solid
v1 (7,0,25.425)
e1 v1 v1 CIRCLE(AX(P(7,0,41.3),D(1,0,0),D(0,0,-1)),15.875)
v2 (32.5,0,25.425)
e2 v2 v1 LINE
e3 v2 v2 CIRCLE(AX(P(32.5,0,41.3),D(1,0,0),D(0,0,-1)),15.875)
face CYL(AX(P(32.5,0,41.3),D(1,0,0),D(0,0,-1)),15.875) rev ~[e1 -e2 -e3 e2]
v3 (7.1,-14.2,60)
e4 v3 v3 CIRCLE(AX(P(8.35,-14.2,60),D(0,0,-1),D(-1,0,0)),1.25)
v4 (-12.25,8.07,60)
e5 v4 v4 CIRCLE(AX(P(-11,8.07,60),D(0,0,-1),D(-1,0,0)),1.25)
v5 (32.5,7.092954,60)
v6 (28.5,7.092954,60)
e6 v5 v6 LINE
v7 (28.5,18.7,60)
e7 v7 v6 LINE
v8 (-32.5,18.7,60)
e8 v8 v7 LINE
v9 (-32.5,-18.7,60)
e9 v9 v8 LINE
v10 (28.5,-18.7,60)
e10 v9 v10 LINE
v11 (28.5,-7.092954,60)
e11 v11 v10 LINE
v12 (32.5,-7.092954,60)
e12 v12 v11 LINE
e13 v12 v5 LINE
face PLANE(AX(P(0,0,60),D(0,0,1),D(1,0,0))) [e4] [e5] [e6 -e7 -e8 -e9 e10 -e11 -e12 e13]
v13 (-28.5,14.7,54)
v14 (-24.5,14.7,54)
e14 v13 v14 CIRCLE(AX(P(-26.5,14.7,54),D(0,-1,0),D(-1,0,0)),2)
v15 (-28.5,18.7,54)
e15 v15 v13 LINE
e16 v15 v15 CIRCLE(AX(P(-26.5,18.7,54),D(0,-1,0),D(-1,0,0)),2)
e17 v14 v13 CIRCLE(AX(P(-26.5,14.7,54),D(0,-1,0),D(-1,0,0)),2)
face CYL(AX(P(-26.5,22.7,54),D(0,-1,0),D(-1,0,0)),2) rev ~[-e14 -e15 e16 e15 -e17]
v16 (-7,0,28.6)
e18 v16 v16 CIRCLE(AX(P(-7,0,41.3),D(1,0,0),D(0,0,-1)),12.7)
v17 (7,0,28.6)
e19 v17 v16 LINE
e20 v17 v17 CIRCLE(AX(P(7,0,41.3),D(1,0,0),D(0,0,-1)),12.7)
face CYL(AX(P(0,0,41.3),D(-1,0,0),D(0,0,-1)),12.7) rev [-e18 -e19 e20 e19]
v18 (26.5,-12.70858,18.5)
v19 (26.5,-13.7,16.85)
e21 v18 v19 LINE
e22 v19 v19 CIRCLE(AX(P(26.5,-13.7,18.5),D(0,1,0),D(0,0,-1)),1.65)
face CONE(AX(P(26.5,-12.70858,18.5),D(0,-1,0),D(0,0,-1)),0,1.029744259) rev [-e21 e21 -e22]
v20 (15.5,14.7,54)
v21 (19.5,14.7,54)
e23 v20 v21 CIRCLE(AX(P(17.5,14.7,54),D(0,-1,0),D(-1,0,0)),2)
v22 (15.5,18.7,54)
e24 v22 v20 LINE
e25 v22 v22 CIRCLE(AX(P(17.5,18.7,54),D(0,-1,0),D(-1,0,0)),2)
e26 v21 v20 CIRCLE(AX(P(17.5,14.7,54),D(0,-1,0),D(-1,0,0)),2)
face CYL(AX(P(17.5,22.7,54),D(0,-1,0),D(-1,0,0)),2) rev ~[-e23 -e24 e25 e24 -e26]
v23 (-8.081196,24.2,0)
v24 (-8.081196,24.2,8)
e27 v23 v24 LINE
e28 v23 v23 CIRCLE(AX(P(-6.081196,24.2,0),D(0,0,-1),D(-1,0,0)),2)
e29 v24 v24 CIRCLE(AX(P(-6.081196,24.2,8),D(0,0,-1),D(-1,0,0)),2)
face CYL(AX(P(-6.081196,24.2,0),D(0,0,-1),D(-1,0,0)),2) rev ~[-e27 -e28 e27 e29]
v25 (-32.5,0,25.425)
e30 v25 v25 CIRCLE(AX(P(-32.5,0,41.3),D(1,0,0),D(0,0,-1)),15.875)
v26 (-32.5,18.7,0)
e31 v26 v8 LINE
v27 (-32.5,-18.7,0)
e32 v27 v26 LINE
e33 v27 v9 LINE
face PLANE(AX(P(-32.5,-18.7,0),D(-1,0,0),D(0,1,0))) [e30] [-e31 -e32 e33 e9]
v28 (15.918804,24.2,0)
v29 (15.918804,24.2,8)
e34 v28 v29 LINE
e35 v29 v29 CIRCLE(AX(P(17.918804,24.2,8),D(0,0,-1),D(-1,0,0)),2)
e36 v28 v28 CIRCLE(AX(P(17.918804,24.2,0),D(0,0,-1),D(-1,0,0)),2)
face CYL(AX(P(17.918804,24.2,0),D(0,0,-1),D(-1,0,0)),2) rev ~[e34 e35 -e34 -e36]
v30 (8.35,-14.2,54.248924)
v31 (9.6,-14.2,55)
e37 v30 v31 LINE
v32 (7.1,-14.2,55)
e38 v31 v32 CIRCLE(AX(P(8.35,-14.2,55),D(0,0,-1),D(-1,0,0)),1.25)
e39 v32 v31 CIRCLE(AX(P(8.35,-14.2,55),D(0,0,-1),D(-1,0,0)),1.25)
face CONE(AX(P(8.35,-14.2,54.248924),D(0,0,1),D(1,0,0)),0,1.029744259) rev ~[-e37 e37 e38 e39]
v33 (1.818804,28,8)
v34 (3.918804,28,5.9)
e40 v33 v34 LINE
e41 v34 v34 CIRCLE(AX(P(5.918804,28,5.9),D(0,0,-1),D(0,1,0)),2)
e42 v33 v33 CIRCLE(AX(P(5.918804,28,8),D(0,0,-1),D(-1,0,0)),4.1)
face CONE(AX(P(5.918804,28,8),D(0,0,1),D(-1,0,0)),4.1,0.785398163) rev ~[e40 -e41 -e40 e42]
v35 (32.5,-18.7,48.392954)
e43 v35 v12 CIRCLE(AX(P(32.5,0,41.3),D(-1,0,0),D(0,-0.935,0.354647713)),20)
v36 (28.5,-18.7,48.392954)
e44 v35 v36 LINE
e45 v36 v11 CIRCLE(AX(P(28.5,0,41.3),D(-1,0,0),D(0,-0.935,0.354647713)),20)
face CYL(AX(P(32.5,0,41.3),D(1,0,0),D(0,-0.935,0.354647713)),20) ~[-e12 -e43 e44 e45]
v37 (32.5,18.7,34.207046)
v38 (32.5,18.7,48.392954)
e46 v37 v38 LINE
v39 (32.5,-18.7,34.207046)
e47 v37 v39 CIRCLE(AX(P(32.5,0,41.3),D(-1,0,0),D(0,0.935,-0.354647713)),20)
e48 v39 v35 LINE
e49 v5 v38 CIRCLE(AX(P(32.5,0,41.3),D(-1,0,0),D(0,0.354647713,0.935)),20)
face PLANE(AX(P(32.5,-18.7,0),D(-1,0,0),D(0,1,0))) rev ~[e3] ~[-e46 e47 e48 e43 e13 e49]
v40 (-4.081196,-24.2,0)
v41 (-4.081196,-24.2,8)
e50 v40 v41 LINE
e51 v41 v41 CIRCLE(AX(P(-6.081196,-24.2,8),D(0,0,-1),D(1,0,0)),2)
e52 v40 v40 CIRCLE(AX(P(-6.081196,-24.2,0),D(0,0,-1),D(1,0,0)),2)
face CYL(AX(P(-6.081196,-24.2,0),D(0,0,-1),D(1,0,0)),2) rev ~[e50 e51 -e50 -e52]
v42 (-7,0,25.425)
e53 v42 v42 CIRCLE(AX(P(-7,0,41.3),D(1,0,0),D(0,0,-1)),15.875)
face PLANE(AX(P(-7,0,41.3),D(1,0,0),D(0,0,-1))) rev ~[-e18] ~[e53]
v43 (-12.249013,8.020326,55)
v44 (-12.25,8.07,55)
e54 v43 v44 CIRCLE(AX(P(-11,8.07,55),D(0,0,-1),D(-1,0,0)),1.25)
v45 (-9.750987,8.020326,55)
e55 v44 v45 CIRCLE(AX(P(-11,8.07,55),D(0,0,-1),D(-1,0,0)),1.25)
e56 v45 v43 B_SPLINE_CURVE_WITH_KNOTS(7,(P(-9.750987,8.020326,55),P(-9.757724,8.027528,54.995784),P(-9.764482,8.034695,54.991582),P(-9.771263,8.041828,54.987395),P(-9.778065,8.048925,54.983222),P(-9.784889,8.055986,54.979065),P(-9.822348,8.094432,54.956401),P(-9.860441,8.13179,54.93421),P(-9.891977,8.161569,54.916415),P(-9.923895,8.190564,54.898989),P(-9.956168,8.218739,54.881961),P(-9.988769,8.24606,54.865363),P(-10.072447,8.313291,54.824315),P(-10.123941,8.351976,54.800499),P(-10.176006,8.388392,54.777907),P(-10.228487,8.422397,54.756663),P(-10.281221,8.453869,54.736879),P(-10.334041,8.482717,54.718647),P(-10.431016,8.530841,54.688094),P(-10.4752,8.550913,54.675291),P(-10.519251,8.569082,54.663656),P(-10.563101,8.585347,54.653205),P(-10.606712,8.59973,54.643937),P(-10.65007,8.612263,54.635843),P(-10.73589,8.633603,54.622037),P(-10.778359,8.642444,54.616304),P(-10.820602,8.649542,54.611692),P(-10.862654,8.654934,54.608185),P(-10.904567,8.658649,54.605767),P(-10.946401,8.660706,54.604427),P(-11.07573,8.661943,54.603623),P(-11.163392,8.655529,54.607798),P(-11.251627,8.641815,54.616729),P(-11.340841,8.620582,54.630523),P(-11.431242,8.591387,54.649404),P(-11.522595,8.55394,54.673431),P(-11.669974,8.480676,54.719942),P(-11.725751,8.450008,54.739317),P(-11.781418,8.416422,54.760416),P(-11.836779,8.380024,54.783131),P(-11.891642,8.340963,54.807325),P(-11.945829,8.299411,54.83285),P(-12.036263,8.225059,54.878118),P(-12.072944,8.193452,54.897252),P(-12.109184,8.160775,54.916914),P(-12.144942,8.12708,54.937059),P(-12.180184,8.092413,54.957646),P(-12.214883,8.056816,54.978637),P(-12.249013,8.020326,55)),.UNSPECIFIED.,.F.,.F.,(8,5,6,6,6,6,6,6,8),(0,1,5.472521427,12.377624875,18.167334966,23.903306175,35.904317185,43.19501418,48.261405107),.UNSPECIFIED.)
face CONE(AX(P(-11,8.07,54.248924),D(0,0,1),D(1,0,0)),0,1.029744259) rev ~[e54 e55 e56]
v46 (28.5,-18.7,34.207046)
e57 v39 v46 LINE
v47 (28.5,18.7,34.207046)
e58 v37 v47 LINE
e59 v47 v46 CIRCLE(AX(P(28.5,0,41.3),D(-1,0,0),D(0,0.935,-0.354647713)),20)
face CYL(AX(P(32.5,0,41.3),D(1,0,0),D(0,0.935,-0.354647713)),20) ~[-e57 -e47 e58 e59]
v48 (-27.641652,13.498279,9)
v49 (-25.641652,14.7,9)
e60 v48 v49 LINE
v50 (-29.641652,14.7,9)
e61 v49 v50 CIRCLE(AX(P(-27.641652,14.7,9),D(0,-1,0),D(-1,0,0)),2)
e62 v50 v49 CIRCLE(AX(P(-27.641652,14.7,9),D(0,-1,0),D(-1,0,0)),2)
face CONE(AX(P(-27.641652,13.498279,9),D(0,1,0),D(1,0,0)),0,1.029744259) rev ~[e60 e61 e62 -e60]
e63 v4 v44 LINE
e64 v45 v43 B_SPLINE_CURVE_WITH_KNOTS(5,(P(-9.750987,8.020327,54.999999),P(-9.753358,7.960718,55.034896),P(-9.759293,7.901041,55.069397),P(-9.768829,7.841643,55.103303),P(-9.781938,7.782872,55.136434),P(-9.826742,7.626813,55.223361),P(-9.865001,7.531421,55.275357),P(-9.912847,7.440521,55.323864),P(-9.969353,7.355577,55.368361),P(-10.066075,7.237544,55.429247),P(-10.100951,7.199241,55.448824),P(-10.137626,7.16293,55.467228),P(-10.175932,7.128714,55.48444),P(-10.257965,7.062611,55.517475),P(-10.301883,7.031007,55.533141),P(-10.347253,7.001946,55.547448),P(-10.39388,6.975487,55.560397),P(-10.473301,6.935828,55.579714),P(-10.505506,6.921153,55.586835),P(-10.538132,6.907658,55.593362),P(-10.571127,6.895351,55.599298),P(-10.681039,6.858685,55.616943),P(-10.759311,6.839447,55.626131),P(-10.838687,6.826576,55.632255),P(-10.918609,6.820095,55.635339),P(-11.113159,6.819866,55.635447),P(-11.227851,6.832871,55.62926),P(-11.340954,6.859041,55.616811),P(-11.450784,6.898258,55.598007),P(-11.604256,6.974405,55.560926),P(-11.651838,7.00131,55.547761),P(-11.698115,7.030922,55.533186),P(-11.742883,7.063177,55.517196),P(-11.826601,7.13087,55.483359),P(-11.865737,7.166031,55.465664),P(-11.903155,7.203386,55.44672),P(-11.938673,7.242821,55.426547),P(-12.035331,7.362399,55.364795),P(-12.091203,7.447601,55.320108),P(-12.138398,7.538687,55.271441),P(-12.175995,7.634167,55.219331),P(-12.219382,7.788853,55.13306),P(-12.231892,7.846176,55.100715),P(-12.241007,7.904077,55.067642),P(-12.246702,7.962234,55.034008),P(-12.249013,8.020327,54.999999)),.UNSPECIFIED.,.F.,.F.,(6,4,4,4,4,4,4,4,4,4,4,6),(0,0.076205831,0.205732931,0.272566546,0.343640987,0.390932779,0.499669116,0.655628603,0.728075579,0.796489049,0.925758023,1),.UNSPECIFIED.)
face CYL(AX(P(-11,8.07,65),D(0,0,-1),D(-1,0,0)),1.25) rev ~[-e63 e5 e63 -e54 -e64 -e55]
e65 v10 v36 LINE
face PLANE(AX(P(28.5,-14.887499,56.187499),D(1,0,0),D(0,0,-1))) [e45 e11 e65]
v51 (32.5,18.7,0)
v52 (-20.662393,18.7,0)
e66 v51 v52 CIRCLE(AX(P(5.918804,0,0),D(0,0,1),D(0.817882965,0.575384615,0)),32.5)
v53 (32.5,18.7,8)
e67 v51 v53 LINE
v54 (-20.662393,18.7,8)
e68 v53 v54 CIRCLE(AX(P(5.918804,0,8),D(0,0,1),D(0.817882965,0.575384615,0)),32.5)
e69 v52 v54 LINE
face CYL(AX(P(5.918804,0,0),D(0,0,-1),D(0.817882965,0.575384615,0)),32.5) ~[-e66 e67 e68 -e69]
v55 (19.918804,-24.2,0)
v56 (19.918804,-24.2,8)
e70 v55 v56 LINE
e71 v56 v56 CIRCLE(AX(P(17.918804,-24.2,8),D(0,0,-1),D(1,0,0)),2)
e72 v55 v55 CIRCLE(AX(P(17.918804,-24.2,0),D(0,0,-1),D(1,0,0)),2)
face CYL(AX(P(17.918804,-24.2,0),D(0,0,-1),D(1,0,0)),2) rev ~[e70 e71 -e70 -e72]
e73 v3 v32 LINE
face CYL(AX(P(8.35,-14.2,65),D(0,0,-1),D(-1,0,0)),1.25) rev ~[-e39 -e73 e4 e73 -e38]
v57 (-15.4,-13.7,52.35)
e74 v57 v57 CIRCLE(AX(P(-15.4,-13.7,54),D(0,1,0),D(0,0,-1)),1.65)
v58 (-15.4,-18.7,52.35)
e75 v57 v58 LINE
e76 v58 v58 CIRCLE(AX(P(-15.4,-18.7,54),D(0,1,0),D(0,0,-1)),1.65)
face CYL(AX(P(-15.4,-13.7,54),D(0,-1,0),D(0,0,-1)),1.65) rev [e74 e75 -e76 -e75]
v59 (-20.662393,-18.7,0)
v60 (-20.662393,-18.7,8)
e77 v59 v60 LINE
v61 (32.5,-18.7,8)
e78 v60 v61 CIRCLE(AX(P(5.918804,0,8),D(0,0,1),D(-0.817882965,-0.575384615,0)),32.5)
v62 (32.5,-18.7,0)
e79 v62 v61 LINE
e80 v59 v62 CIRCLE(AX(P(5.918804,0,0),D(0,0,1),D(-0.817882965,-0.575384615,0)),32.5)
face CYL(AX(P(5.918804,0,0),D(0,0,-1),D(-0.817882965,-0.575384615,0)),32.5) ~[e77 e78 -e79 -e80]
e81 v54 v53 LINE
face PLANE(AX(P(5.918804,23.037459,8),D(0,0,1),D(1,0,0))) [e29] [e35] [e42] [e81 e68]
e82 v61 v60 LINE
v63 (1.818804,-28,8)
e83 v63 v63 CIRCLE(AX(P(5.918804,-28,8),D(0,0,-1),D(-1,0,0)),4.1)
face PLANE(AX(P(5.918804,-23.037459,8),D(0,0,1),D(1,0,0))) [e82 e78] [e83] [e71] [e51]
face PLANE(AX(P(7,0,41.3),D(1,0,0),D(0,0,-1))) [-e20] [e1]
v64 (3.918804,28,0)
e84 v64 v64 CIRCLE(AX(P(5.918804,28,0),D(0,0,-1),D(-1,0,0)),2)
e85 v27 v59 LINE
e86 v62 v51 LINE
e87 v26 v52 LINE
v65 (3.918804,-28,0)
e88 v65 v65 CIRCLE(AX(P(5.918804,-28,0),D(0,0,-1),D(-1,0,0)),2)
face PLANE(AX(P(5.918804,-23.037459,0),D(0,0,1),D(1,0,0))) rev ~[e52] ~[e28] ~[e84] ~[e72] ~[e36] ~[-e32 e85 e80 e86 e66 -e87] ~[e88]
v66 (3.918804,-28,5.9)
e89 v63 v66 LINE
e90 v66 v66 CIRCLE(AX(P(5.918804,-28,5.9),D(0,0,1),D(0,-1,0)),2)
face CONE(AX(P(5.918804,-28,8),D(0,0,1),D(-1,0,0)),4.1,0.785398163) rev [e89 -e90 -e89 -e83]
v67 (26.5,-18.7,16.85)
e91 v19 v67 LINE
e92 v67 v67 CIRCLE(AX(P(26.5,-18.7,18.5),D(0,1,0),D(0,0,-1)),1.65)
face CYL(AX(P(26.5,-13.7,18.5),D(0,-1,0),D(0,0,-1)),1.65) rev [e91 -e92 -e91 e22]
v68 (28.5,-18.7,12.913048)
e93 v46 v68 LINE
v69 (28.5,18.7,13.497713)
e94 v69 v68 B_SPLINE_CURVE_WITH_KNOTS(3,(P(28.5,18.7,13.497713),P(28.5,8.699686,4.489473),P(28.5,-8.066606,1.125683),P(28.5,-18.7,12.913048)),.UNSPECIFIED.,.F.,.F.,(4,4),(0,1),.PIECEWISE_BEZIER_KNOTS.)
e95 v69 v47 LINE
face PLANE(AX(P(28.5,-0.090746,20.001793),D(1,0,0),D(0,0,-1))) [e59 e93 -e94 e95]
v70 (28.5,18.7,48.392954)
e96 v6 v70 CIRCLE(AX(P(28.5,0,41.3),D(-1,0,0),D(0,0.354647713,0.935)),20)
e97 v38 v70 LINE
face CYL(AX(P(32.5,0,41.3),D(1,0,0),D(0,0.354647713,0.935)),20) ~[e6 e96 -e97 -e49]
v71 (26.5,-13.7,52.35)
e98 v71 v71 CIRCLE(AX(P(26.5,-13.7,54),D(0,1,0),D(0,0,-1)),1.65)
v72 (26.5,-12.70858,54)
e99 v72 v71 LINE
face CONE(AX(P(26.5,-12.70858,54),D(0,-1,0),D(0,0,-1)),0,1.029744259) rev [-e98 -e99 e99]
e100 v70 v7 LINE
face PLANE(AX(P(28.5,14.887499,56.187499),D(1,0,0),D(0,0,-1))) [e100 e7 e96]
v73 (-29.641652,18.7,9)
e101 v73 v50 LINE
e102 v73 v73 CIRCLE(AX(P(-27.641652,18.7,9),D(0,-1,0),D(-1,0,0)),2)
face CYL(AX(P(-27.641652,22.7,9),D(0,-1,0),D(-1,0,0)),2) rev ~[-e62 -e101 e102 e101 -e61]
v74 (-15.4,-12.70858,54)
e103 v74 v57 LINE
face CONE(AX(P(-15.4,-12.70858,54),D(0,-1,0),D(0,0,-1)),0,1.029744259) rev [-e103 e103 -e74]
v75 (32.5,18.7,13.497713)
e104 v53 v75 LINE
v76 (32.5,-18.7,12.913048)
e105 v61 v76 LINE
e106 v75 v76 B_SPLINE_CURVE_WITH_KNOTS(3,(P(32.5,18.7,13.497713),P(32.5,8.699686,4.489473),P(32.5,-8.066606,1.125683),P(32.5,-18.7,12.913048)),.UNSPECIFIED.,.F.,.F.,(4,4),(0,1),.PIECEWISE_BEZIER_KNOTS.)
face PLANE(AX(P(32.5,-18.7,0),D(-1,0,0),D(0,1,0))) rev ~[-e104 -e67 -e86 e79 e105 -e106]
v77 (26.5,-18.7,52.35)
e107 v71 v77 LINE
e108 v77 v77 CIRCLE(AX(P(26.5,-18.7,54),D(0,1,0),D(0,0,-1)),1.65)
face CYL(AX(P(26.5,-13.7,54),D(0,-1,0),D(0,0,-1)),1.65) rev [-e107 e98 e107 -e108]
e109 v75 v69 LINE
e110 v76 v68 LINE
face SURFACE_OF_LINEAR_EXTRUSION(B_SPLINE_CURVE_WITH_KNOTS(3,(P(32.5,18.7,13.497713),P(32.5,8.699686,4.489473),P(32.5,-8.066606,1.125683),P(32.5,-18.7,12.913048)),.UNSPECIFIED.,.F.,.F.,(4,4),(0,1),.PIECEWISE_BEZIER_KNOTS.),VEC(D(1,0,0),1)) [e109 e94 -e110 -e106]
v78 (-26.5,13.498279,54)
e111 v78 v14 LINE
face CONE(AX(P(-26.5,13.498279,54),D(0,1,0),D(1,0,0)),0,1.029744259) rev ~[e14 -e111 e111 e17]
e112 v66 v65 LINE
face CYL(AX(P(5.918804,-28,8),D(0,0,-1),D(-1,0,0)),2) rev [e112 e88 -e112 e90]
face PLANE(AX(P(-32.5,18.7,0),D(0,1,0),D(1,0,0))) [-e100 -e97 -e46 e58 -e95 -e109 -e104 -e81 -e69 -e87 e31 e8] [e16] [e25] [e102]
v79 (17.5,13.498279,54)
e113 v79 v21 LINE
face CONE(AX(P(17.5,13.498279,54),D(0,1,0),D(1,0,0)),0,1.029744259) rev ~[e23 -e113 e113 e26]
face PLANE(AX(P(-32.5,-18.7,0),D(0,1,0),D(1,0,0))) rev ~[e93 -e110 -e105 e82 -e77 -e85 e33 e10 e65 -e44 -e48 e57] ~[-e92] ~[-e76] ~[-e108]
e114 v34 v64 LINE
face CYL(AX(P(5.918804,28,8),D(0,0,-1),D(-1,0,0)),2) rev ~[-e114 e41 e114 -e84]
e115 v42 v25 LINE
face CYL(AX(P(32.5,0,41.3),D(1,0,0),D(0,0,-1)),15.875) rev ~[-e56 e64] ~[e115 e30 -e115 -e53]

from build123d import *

# Parameters (mm, degrees)
SKETCH1_W                                         = 65
SKETCH1_H                                         = 37.4
BOSS_EXTRUDE1_DEPTH                               = 60
SKETCH2_R                                         = 15.875
CUT_EXTRUDE1_DEPTH                                = 91.41399228
F_1_0MM_DOWEL_HOLE1_D                             = 2.5
F_1_0MM_DOWEL_HOLE1_DEPTH                         = 5
F_1_0MM_DOWEL_HOLE1_TIP                           = 0.751075774
LPATTERN2_COUNT                                   = 2
LPATTERN2_PITCH                                   = 41.9
LPATTERN3_COUNT                                   = 2
LPATTERN3_PITCH                                   = 35.5
SKETCH20_R                                        = 15.875
SKETCH20_R_2                                      = 12.7
BOSS_EXTRUDE6_DEPTH                               = 7
CUT_EXTRUDE2_DEPTH                                = 4
SKETCH24_R                                        = 2
BOSS_EXTRUDE7_DEPTH                               = 8
CSK_FOR_M3_5_FLAT_HEAD_MACHINE_SCREW2_D           = 4
CSK_FOR_M3_5_FLAT_HEAD_MACHINE_SCREW2_CSINK_D     = 8.2
CSK_FOR_M3_5_FLAT_HEAD_MACHINE_SCREW2_CSINK_ANGLE = 90
F_4_0MM_DOWEL_HOLE2_D                             = 4
F_4_0MM_DOWEL_HOLE2_DEPTH                         = 4
F_4_0MM_DOWEL_HOLE2_TIP                           = 1.201721238


with BuildPart() as part:
    # Sketch1 → Boss-Extrude1 (new body)
    with BuildSketch(Plane.XY):
        Rectangle(SKETCH1_W, SKETCH1_H)
    extrude(amount=BOSS_EXTRUDE1_DEPTH)

    # Sketch2 → Cut-Extrude1 (cut, through all)
    with BuildSketch(Plane(origin=(32.5, 0, 0), x_dir=(0, 0, -1), z_dir=(1, 0, 0))):
        with Locations((-41.3, 0)):
            Circle(SKETCH2_R)
    extrude(amount=-CUT_EXTRUDE1_DEPTH, mode=Mode.SUBTRACT)

    # Ø1.0mm Dowel Hole1
    with Locations(Plane.XY.offset(60)):
        with Locations((-11, 8.07), (8.35, -14.2)):
            Hole(F_1_0MM_DOWEL_HOLE1_D / 2, depth=F_1_0MM_DOWEL_HOLE1_DEPTH)
            with Locations((0, 0, -(F_1_0MM_DOWEL_HOLE1_DEPTH + F_1_0MM_DOWEL_HOLE1_TIP / 2))):  # 118° drill point
                Cone(0, F_1_0MM_DOWEL_HOLE1_D / 2, F_1_0MM_DOWEL_HOLE1_TIP, mode=Mode.SUBTRACT)

    # Sketch19 → Ø1.0mm Dowel Hole2 (revolve, cut)
    with BuildSketch(Plane(origin=(26.5, -18.7, 54), x_dir=(0, 0, -1), z_dir=(1, 0, 0))):
        Polygon((0, 0), (0, 5.991420021), (1.65, 5), (1.65, 0), align=None)
    f_1_0mm_dowel_hole2 = revolve(axis=Axis((26.5, -25.05, 54), (0, 1, 0)), mode=Mode.SUBTRACT)

    # LPattern2: Ø1.0mm Dowel Hole2 ×2
    with Locations(*[(-i * LPATTERN2_PITCH, 0, 0) for i in range(1, LPATTERN2_COUNT)]):
        add(f_1_0mm_dowel_hole2, mode=Mode.SUBTRACT)

    # LPattern3: Ø1.0mm Dowel Hole2 ×2
    with Locations(*[(0, 0, -i * LPATTERN3_PITCH) for i in range(1, LPATTERN3_COUNT)]):
        add(f_1_0mm_dowel_hole2, mode=Mode.SUBTRACT)

    # Sketch20 → Boss-Extrude6 (add, symmetric)
    with BuildSketch(Plane(origin=(0, 0, 0), x_dir=(0, 0, -1), z_dir=(1, 0, 0))):
        with Locations((-41.3, 0)):
            Circle(SKETCH20_R)
        with Locations((-41.3, 0)):
            Circle(SKETCH20_R_2, mode=Mode.SUBTRACT)
    extrude(amount=BOSS_EXTRUDE6_DEPTH, both=True)

    # Sketch23 → Cut-Extrude2 (cut)
    with BuildSketch(Plane(origin=(32.5, 0, 0), x_dir=(0, 0, -1), z_dir=(1, 0, 0))):
        with BuildLine():
            ThreePointArc((-60, 7.092954251), (-55.442135624, 14.142135624), (-48.392954251, 18.7))
            Line((-48.392954251, 18.7), (-60, 18.7))
            Line((-60, 18.7), (-60, 7.092954251))
        make_face()
        with BuildLine():
            ThreePointArc((-48.392954251, -18.7), (-55.442135624, -14.142135624), (-60, -7.092954251))
            Line((-60, -7.092954251), (-60, -18.7))
            Line((-60, -18.7), (-48.392954251, -18.7))
        make_face()
        with BuildLine():
            Line((-13.497713028, 18.7), (-34.207045749, 18.7))
            ThreePointArc((-34.207045749, 18.7), (-21.3, 0), (-34.207045749, -18.7))
            Line((-34.207045749, -18.7), (-12.913047807, -18.7))
            add(Edge.make_bspline(
                [(-13.497713028, 18.7), (-4.48947297, 8.699685881), (-1.125683448, -8.066606066), (-12.913047807, -18.7)],
                knots=[0, 0, 0, 0, 1, 1, 1, 1], degree=3))
        make_face()
    extrude(amount=-CUT_EXTRUDE2_DEPTH, mode=Mode.SUBTRACT)

    # Sketch24 → Boss-Extrude7 (add)
    # profile 1 of 2: a face of its own
    with BuildSketch(Plane(origin=(0, 0, 0), x_dir=(-1, 0, 0), z_dir=(0, 0, -1))):
        with BuildLine():
            Line((-32.5, -18.7), (20.662392723, -18.7))
            ThreePointArc((20.662392723, -18.7), (-5.918803639, -32.5), (-32.5, -18.7))
        make_face()
        with Locations(Location((6.081196361, -24.2, 0), (0, 0, 180))):
            Circle(SKETCH24_R, mode=Mode.SUBTRACT)
        with Locations(Location((-17.918803639, -24.2, 0), (0, 0, 180))):
            Circle(SKETCH24_R, mode=Mode.SUBTRACT)
    # profile 2 of 2: a face of its own
    with BuildSketch(Plane(origin=(0, 0, 0), x_dir=(-1, 0, 0), z_dir=(0, 0, -1))):
        with BuildLine():
            Line((20.662392723, 18.7), (-32.5, 18.7))
            ThreePointArc((-32.5, 18.7), (-5.918803639, 32.5), (20.662392723, 18.7))
        make_face()
        with Locations((-17.918803639, 24.2)):
            Circle(SKETCH24_R, mode=Mode.SUBTRACT)
        with Locations((6.081196361, 24.2)):
            Circle(SKETCH24_R, mode=Mode.SUBTRACT)
    extrude(amount=-BOSS_EXTRUDE7_DEPTH)

    # CSK for M3.5 Flat Head Machine Screw2 (through all)
    with Locations(Plane.XY.offset(8)):
        with Locations((5.918803639, 28)):
            csk_for_m3_5_flat_head_machine_screw2 = CounterSinkHole(CSK_FOR_M3_5_FLAT_HEAD_MACHINE_SCREW2_D / 2, CSK_FOR_M3_5_FLAT_HEAD_MACHINE_SCREW2_CSINK_D / 2, counter_sink_angle=CSK_FOR_M3_5_FLAT_HEAD_MACHINE_SCREW2_CSINK_ANGLE)

    # Mirror1: CSK for M3.5 Flat Head Machine Screw2 across plane
    add(csk_for_m3_5_flat_head_machine_screw2.mirror(Plane.ZX), mode=Mode.SUBTRACT)

    # Ø4.0mm Dowel Hole2
    with Locations(Plane(origin=(0, 18.7, 0), x_dir=(1, 0, 0), z_dir=(0, 1, 0))):
        with Locations((-26.5, -54), (17.5, -54), (-27.64165215, -9)):
            Hole(F_4_0MM_DOWEL_HOLE2_D / 2, depth=F_4_0MM_DOWEL_HOLE2_DEPTH)
            with Locations((0, 0, -(F_4_0MM_DOWEL_HOLE2_DEPTH + F_4_0MM_DOWEL_HOLE2_TIP / 2))):  # 118° drill point
                Cone(0, F_4_0MM_DOWEL_HOLE2_D / 2, F_4_0MM_DOWEL_HOLE2_TIP, mode=Mode.SUBTRACT)


solid = part.part
